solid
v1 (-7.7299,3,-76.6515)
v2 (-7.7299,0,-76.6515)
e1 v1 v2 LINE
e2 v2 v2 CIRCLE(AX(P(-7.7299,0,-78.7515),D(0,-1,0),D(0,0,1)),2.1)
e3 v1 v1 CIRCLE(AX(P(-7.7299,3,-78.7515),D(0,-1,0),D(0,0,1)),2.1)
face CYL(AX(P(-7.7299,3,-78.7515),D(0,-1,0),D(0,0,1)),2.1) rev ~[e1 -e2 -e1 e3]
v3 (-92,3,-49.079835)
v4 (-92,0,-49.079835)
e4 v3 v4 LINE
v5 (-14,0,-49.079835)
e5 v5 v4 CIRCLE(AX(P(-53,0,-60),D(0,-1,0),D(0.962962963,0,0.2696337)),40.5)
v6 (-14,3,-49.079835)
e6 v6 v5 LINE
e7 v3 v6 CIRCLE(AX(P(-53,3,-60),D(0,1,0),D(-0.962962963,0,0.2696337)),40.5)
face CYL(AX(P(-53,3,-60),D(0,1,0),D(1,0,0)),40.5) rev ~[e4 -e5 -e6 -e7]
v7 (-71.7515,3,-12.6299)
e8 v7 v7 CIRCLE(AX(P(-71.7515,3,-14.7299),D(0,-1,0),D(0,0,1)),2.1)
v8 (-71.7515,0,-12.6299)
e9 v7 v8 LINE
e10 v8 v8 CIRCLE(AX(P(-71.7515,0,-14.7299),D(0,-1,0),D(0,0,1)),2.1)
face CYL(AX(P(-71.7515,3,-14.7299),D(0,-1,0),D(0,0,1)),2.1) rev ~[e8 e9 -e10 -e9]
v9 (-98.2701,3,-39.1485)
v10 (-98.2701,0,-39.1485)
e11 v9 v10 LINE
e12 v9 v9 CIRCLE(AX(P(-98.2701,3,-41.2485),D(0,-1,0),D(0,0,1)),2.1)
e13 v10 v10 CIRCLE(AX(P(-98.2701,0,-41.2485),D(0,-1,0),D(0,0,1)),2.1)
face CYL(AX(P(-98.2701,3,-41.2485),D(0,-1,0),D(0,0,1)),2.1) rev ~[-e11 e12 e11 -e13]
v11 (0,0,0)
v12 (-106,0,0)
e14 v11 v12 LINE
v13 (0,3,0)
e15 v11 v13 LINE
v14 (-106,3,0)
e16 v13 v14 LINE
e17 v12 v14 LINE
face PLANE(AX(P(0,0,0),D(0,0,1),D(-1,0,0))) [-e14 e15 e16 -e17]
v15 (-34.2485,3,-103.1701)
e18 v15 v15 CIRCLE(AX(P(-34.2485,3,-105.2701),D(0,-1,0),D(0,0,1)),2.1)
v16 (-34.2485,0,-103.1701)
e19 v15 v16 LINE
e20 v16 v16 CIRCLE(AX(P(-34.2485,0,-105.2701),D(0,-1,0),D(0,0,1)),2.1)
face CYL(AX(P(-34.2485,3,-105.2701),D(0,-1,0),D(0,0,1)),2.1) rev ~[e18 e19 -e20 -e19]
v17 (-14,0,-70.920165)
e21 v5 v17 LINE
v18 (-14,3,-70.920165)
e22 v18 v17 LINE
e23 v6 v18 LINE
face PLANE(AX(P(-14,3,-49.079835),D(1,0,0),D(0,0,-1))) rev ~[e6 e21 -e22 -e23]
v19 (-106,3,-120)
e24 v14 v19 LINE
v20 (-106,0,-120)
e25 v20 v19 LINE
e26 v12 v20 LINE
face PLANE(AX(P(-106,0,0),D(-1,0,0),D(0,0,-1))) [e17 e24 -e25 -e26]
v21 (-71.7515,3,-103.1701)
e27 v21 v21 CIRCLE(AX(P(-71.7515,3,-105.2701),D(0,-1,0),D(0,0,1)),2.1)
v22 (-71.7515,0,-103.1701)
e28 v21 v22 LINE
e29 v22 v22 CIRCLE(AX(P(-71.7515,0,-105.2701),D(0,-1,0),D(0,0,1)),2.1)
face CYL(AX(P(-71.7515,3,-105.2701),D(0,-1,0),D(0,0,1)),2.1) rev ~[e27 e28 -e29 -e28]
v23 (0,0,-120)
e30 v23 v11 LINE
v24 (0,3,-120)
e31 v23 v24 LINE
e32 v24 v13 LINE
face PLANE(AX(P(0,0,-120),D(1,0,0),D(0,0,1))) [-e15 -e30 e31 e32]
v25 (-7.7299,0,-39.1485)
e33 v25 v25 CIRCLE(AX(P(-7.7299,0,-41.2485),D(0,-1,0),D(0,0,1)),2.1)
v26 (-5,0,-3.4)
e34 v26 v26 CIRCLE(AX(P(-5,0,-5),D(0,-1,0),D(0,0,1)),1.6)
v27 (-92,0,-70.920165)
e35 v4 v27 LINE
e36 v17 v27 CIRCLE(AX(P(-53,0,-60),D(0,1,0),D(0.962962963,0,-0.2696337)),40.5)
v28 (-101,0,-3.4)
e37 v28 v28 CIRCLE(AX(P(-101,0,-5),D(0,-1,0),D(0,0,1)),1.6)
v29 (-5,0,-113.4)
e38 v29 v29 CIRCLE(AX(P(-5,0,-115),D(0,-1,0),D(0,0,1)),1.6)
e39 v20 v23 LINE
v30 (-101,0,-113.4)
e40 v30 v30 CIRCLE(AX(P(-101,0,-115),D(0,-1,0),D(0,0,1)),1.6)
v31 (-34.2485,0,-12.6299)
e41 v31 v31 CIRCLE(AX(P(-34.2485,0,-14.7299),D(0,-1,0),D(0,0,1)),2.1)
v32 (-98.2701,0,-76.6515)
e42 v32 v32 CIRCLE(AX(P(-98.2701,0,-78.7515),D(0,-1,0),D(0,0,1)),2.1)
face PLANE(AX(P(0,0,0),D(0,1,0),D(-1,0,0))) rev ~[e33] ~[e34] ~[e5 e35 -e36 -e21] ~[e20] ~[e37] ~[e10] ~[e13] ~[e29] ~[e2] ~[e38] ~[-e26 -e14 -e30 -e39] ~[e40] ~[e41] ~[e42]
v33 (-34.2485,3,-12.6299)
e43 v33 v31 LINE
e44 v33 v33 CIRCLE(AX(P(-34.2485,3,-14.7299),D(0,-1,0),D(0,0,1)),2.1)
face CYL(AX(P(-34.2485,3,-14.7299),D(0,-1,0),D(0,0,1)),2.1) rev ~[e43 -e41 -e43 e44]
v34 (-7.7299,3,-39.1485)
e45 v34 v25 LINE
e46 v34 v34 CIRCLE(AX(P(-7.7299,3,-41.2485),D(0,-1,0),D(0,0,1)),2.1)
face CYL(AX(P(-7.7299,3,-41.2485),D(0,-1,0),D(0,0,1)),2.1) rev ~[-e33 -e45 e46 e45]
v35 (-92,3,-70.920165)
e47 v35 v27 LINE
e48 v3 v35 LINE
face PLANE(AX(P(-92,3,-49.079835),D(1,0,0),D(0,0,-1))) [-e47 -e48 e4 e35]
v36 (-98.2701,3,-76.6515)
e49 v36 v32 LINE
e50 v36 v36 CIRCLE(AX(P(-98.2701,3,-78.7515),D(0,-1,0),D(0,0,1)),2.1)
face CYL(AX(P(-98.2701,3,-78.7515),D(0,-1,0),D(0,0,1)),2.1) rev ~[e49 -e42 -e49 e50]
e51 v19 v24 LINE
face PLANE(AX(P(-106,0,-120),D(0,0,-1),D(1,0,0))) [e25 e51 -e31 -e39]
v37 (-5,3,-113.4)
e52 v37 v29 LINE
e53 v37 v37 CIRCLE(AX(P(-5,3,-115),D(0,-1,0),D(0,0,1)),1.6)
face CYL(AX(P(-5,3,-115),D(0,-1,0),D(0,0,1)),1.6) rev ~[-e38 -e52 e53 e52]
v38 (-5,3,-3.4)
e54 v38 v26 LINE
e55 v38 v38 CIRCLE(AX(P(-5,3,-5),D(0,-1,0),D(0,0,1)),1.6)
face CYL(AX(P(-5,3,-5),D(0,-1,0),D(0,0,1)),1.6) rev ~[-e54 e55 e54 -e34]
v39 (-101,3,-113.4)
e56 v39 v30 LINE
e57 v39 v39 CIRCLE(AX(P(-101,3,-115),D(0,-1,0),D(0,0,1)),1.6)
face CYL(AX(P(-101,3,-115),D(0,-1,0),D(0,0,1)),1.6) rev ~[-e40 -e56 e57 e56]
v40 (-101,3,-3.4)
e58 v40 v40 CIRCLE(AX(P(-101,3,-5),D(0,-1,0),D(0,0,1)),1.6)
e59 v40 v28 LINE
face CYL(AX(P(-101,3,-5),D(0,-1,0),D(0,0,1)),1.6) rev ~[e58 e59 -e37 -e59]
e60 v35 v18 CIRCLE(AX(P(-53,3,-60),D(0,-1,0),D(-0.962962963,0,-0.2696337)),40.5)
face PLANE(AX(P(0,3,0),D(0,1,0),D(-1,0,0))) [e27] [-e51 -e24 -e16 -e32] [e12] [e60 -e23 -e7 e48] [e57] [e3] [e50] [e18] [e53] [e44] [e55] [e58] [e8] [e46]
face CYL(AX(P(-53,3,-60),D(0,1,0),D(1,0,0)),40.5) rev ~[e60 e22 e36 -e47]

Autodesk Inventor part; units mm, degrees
ref_plane "YZ Plane" through (0, 0, 0) normal (1, 0, 0) x (0, 1, 0)
ref_plane "XZ Plane" through (0, 0, 0) normal (0, 1, 0) x (-1, 0, 0)
ref_plane "XY Plane" through (0, 0, 0) normal (0, 0, 1) x (1, 0, 0)
sketch "スケッチ1" plane through (0, 0, 0) normal (0, 1, 0) x (-1, 0, 0)
  line L0 (0, 0) -> (106, 0)
  line L1 (106, 0) -> (106, -120)
  line L2 (106, -120) -> (0, -120)
  line L3 (0, -120) -> (0, 0)
  dimension "d0" = 106
  dimension "d1" = 120
extrude "押し出し1" add sketch "スケッチ1" along normal blind 3
sketch "スケッチ2" plane through (0, 3, 0) normal (0, 1, 0) x (1, 0, 0)
  line L0 (-106, 120) -> (-106, 0) projected
  line L1 (0, 120) -> (-106, 120) projected
  line L2 (-106, 0) -> (0, 120)
  circle A0 centre (-53, 60) radius 49
  line L3 (-106, 60) -> (0, 60)
  line L4 (0, 0) -> (0, 120) projected
  line L5 (-53, 60) -> (-7.7299, 78.7515)
  point P0 (-34.2485, 105.2701)
  point P1 (-71.7515, 105.2701)
  point P2 (-98.2701, 78.7515)
  point P3 (-98.2701, 41.2485)
  point P4 (-71.7515, 14.7299)
  point P5 (-34.2485, 14.7299)
  point P6 (-7.7299, 41.2485)
  dimension "d4" = 98
  dimension "d5" = 22.5
  dimension "d8" = 360
hole "穴1" at (-7.7299, 3, -78.7515) at (-34.2485, 3, -105.2701) at (-71.7515, 3, -105.2701) at (-98.2701, 3, -78.7515) at (-98.2701, 3, -41.2485) at (-71.7515, 3, -14.7299) at (-34.2485, 3, -14.7299) at (-7.7299, 3, -41.2485) direction (0, -1, 0) diameter 4.2 end through all
sketch "スケッチ3" plane through (0, 3, 0) normal (0, 1, 0) x (1, 0, 0)
  line L0 (-106, 120) -> (-106, 0) projected
  line L1 (0, 120) -> (-106, 120) projected
  line L2 (-106, 0) -> (0, 120)
  circle A0 centre (-53, 60) radius 40.5
  line L3 (-106, 0) -> (0, 0) projected
  line L4 (-92, 0) -> (-92, 120)
  line L5 (-14, 0) -> (-14, 120)
  point P0 (-14, 60)
  point P1 (-92, 70.9202)
  point P2 (-92, 49.0798)
  point P3 (-14, 49.0798)
  point P4 (-14, 70.9202)
  dimension "d17" = 81
  dimension "d20" = 39
  dimension "d21" = 39
extrude "押し出し2" cut sketch "スケッチ3" against normal blind 3 contours A0 L2 L4 | L2 A0 L5 picked at (-69.0671, 72.6536) picked at (-40, 56.3599)
sketch "スケッチ4" plane through (0, 3, 0) normal (0, 1, 0) x (1, 0, 0)
  line L0 (-106, 120) -> (-106, 0) projected
  line L1 (-106, 5) -> (0, 5)
  line L2 (0, 0) -> (0, 120) projected
  line L3 (-120, 115) -> (0, 115)
  line L4 (-106, 0) -> (0, 0) projected
  line L5 (0, 120) -> (-106, 120) projected
  line L6 (-106, 0) -> (0, 0) projected
  line L7 (-101, 0) -> (-101, 120)
  line L8 (-5, 120) -> (-5, 0)
  point P0 (-101, 5)
  point P1 (-5, 5)
  point P2 (-5, 115)
  point P3 (-101, 115)
  dimension "d22" = 5
  dimension "d23" = 5
  dimension "d24" = 5
  dimension "d25" = 5
hole "穴2" at (-101, 3, -5) at (-5, 3, -5) at (-5, 3, -115) at (-101, 3, -115) direction (0, -1, 0) diameter 3.2 end through all
equation "\"d15\" = Thickness"
equation "\"BendRadius\" = Thickness"
equation "\"BendReliefWidth\" = Thickness"
equation "\"BendReliefDepth\" = 0.5 * Thickness"
equation "\"CornerReliefSize\" = 4 * Thickness"
equation "\"MinimumRemnant\" = 2 * Thickness"
equation "\"TransitionRadius\" = BendRadius"
equation "\"JacobiRadiusSize\" = BendRadius"
equation "\"GapSize\" = Thickness"
equation "\"Thickness\" = 0.5"
properties part number "link2_plate2" material "アルミニウム 6061"
